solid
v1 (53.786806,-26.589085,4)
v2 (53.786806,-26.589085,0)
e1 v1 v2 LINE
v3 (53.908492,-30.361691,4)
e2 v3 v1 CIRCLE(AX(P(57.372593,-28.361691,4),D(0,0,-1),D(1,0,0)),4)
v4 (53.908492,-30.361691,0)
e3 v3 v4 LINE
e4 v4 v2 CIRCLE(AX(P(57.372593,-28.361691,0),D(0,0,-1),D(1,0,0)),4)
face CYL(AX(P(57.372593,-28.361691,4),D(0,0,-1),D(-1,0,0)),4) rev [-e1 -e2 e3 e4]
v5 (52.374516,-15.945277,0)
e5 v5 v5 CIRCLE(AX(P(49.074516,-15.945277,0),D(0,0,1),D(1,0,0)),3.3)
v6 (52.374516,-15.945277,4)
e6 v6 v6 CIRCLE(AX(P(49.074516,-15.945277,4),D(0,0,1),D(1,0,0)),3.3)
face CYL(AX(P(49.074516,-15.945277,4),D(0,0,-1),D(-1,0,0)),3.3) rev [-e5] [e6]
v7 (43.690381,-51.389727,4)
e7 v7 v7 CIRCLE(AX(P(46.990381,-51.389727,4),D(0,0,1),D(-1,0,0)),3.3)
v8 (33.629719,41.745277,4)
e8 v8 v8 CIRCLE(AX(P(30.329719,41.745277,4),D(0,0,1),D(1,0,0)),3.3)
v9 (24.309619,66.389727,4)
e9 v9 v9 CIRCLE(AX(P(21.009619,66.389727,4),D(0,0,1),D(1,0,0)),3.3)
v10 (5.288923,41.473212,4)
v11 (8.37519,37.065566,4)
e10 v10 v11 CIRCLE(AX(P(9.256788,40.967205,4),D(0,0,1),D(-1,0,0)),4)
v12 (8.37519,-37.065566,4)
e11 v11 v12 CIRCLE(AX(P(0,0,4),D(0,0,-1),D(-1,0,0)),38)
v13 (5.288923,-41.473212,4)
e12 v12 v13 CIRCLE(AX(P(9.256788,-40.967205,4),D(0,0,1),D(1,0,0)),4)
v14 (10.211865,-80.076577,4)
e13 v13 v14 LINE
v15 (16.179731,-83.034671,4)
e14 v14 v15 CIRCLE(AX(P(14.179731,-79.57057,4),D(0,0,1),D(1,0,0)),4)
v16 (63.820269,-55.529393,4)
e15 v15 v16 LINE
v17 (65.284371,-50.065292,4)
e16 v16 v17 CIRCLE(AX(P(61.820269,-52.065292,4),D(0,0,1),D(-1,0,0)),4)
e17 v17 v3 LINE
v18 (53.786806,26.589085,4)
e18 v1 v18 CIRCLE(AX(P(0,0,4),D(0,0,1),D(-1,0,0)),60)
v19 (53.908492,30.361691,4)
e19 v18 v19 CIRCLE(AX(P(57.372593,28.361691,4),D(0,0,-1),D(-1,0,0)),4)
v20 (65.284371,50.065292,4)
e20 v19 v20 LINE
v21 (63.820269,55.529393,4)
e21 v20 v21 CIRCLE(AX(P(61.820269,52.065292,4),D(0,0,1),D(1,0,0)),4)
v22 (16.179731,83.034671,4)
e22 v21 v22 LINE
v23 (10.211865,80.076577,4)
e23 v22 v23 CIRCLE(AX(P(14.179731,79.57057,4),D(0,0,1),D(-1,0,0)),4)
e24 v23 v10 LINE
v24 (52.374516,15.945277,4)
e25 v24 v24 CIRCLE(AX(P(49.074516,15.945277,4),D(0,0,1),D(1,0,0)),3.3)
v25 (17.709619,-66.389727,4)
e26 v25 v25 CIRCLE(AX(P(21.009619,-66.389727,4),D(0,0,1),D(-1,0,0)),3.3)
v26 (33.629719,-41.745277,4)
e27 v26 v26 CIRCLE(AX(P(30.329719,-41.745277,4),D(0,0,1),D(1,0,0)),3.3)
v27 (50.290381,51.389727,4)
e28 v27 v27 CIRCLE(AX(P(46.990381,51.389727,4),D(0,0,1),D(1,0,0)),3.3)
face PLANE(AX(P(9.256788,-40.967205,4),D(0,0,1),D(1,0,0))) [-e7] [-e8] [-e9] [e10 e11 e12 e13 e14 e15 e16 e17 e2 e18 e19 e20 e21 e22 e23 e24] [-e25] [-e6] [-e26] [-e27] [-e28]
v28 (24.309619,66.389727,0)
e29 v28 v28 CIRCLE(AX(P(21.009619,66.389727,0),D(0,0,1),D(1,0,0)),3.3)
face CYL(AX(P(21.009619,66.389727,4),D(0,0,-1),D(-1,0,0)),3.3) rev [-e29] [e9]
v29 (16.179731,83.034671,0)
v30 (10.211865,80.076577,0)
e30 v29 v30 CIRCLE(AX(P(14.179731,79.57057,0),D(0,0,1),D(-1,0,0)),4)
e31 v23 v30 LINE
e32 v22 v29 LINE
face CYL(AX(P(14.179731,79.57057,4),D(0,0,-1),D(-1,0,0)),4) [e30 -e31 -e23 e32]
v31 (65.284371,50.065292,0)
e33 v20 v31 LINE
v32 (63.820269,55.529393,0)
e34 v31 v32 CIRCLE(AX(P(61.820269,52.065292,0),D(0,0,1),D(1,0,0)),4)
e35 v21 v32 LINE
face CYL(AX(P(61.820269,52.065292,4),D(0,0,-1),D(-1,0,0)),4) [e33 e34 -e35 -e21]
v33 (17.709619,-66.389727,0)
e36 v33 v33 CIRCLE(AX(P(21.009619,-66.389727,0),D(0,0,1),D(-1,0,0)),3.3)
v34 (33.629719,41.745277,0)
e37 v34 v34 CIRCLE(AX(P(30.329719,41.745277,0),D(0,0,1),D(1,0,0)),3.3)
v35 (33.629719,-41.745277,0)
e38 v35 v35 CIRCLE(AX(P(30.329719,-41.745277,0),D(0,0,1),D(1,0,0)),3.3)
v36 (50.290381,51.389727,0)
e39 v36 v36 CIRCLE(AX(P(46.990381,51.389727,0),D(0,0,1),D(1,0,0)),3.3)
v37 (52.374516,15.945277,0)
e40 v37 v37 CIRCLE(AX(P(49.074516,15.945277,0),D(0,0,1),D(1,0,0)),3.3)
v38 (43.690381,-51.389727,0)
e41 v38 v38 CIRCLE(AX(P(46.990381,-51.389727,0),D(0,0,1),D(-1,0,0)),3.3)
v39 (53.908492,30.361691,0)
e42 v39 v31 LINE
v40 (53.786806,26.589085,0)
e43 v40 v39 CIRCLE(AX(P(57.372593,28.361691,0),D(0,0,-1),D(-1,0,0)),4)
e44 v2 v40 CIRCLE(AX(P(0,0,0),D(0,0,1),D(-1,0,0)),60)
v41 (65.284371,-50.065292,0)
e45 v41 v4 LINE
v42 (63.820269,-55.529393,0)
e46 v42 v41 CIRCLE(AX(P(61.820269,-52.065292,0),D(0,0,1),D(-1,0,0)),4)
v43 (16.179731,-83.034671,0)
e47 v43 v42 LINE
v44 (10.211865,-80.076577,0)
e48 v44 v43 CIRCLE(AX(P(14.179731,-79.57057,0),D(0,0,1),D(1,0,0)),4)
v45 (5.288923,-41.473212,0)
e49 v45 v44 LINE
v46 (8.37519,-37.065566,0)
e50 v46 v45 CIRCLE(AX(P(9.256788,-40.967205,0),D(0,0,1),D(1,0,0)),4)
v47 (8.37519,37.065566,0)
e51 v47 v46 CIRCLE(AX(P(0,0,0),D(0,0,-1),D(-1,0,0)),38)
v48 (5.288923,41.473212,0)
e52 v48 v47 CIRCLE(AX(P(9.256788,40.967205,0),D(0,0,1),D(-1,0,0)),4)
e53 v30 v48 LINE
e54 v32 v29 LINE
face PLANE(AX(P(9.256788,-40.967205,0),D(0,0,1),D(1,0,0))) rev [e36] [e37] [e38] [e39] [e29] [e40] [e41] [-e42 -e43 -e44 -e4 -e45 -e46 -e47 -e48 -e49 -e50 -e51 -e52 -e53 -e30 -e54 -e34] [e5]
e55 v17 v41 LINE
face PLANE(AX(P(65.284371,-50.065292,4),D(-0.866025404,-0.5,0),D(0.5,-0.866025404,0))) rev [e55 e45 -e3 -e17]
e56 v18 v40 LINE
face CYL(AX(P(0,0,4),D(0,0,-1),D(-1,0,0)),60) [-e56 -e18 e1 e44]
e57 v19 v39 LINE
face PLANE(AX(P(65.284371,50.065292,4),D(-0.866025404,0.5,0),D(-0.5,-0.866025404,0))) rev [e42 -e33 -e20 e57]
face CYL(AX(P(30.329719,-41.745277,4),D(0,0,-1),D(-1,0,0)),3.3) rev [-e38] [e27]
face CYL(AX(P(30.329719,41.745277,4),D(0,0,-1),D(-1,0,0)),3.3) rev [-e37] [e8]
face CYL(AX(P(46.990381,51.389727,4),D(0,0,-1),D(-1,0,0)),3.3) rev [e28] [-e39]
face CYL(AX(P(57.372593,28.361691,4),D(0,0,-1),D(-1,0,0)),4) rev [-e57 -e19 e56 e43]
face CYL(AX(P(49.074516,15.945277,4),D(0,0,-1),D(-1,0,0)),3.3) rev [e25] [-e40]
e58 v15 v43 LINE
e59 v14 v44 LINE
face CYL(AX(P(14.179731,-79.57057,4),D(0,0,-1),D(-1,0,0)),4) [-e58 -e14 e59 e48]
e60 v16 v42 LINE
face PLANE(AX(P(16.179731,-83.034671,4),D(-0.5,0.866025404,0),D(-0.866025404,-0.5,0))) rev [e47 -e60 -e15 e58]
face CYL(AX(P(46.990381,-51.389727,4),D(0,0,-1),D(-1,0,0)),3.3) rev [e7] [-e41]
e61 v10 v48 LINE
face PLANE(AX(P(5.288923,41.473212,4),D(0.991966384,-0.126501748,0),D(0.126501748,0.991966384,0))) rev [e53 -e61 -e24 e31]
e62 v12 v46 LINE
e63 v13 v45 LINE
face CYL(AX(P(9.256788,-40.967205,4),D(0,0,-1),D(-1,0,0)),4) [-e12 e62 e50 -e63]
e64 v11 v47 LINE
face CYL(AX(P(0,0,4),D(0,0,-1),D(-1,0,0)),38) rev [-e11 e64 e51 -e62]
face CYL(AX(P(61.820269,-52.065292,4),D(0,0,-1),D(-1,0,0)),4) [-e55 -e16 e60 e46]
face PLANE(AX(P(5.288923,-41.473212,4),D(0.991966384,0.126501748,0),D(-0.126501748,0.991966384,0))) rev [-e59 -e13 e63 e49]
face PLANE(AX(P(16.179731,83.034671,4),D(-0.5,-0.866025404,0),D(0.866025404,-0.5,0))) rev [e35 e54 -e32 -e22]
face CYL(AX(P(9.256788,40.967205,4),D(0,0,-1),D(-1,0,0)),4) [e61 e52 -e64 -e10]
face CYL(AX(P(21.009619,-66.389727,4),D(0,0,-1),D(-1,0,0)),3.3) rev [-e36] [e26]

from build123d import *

# Parameters (mm, degrees)
SKETCH1_R           = 3.3
BOSS_EXTRUDE1_DEPTH = 4


with BuildPart() as part:
    # Sketch1 → Boss-Extrude1 (new body)
    with BuildSketch(Plane.XY):
        with BuildLine():
            Line((5.288922953, 41.473211764), (10.211865104, 80.076576605))
            ThreePointArc((10.211865104, 80.076576605), (12.403300333, 83.154463495), (16.179730642, 83.034671229))
            Line((16.179730642, 83.034671229), (63.820269358, 55.529393377))
            ThreePointArc((63.820269358, 55.529393377), (65.683972663, 53.100567942), (65.284370973, 50.065291762))
            Line((65.284370973, 50.065291762), (53.908491826, 30.361691097))
            ThreePointArc((53.908491826, 30.361691097), (53.374672591, 28.490644117), (53.786806351, 26.589085404))
            ThreePointArc((53.786806351, 26.589085404), (60, 0), (53.786806351, -26.589085404))
            ThreePointArc((53.786806351, -26.589085404), (53.374672591, -28.490644117), (53.908491826, -30.361691097))
            Line((53.908491826, -30.361691097), (65.284370973, -50.065291762))
            ThreePointArc((65.284370973, -50.065291762), (65.683972663, -53.100567942), (63.820269358, -55.529393377))
            Line((63.820269358, -55.529393377), (16.179730642, -83.034671229))
            ThreePointArc((16.179730642, -83.034671229), (12.403300333, -83.154463495), (10.211865104, -80.076576605))
            Line((10.211865104, -80.076576605), (5.288922953, -41.473211764))
            ThreePointArc((5.288922953, -41.473211764), (5.980180313, -38.672899027), (8.375189586, -37.065566222))
            ThreePointArc((8.375189586, -37.065566222), (38, 0), (8.375189586, 37.065566222))
            ThreePointArc((8.375189586, 37.065566222), (5.980180313, 38.672899027), (5.288922953, 41.473211764))
        make_face()
        with Locations((30.329719018, 41.74527691)):
            Circle(SKETCH1_R, mode=Mode.SUBTRACT)
        with Locations((49.074516241, 15.94527691)):
            Circle(SKETCH1_R, mode=Mode.SUBTRACT)
        with Locations((49.074516241, -15.94527691)):
            Circle(SKETCH1_R, mode=Mode.SUBTRACT)
        with Locations((30.329719018, -41.74527691)):
            Circle(SKETCH1_R, mode=Mode.SUBTRACT)
        with Locations((21.009618943, 66.389727457)):
            Circle(SKETCH1_R, mode=Mode.SUBTRACT)
        with Locations((46.990381057, 51.389727457)):
            Circle(SKETCH1_R, mode=Mode.SUBTRACT)
        with Locations(Location((46.990381057, -51.389727457, 0), (0, 0, 180))):
            Circle(SKETCH1_R, mode=Mode.SUBTRACT)
        with Locations(Location((21.009618943, -66.389727457, 0), (0, 0, 180))):
            Circle(SKETCH1_R, mode=Mode.SUBTRACT)
    extrude(amount=BOSS_EXTRUDE1_DEPTH)


solid = part.part
